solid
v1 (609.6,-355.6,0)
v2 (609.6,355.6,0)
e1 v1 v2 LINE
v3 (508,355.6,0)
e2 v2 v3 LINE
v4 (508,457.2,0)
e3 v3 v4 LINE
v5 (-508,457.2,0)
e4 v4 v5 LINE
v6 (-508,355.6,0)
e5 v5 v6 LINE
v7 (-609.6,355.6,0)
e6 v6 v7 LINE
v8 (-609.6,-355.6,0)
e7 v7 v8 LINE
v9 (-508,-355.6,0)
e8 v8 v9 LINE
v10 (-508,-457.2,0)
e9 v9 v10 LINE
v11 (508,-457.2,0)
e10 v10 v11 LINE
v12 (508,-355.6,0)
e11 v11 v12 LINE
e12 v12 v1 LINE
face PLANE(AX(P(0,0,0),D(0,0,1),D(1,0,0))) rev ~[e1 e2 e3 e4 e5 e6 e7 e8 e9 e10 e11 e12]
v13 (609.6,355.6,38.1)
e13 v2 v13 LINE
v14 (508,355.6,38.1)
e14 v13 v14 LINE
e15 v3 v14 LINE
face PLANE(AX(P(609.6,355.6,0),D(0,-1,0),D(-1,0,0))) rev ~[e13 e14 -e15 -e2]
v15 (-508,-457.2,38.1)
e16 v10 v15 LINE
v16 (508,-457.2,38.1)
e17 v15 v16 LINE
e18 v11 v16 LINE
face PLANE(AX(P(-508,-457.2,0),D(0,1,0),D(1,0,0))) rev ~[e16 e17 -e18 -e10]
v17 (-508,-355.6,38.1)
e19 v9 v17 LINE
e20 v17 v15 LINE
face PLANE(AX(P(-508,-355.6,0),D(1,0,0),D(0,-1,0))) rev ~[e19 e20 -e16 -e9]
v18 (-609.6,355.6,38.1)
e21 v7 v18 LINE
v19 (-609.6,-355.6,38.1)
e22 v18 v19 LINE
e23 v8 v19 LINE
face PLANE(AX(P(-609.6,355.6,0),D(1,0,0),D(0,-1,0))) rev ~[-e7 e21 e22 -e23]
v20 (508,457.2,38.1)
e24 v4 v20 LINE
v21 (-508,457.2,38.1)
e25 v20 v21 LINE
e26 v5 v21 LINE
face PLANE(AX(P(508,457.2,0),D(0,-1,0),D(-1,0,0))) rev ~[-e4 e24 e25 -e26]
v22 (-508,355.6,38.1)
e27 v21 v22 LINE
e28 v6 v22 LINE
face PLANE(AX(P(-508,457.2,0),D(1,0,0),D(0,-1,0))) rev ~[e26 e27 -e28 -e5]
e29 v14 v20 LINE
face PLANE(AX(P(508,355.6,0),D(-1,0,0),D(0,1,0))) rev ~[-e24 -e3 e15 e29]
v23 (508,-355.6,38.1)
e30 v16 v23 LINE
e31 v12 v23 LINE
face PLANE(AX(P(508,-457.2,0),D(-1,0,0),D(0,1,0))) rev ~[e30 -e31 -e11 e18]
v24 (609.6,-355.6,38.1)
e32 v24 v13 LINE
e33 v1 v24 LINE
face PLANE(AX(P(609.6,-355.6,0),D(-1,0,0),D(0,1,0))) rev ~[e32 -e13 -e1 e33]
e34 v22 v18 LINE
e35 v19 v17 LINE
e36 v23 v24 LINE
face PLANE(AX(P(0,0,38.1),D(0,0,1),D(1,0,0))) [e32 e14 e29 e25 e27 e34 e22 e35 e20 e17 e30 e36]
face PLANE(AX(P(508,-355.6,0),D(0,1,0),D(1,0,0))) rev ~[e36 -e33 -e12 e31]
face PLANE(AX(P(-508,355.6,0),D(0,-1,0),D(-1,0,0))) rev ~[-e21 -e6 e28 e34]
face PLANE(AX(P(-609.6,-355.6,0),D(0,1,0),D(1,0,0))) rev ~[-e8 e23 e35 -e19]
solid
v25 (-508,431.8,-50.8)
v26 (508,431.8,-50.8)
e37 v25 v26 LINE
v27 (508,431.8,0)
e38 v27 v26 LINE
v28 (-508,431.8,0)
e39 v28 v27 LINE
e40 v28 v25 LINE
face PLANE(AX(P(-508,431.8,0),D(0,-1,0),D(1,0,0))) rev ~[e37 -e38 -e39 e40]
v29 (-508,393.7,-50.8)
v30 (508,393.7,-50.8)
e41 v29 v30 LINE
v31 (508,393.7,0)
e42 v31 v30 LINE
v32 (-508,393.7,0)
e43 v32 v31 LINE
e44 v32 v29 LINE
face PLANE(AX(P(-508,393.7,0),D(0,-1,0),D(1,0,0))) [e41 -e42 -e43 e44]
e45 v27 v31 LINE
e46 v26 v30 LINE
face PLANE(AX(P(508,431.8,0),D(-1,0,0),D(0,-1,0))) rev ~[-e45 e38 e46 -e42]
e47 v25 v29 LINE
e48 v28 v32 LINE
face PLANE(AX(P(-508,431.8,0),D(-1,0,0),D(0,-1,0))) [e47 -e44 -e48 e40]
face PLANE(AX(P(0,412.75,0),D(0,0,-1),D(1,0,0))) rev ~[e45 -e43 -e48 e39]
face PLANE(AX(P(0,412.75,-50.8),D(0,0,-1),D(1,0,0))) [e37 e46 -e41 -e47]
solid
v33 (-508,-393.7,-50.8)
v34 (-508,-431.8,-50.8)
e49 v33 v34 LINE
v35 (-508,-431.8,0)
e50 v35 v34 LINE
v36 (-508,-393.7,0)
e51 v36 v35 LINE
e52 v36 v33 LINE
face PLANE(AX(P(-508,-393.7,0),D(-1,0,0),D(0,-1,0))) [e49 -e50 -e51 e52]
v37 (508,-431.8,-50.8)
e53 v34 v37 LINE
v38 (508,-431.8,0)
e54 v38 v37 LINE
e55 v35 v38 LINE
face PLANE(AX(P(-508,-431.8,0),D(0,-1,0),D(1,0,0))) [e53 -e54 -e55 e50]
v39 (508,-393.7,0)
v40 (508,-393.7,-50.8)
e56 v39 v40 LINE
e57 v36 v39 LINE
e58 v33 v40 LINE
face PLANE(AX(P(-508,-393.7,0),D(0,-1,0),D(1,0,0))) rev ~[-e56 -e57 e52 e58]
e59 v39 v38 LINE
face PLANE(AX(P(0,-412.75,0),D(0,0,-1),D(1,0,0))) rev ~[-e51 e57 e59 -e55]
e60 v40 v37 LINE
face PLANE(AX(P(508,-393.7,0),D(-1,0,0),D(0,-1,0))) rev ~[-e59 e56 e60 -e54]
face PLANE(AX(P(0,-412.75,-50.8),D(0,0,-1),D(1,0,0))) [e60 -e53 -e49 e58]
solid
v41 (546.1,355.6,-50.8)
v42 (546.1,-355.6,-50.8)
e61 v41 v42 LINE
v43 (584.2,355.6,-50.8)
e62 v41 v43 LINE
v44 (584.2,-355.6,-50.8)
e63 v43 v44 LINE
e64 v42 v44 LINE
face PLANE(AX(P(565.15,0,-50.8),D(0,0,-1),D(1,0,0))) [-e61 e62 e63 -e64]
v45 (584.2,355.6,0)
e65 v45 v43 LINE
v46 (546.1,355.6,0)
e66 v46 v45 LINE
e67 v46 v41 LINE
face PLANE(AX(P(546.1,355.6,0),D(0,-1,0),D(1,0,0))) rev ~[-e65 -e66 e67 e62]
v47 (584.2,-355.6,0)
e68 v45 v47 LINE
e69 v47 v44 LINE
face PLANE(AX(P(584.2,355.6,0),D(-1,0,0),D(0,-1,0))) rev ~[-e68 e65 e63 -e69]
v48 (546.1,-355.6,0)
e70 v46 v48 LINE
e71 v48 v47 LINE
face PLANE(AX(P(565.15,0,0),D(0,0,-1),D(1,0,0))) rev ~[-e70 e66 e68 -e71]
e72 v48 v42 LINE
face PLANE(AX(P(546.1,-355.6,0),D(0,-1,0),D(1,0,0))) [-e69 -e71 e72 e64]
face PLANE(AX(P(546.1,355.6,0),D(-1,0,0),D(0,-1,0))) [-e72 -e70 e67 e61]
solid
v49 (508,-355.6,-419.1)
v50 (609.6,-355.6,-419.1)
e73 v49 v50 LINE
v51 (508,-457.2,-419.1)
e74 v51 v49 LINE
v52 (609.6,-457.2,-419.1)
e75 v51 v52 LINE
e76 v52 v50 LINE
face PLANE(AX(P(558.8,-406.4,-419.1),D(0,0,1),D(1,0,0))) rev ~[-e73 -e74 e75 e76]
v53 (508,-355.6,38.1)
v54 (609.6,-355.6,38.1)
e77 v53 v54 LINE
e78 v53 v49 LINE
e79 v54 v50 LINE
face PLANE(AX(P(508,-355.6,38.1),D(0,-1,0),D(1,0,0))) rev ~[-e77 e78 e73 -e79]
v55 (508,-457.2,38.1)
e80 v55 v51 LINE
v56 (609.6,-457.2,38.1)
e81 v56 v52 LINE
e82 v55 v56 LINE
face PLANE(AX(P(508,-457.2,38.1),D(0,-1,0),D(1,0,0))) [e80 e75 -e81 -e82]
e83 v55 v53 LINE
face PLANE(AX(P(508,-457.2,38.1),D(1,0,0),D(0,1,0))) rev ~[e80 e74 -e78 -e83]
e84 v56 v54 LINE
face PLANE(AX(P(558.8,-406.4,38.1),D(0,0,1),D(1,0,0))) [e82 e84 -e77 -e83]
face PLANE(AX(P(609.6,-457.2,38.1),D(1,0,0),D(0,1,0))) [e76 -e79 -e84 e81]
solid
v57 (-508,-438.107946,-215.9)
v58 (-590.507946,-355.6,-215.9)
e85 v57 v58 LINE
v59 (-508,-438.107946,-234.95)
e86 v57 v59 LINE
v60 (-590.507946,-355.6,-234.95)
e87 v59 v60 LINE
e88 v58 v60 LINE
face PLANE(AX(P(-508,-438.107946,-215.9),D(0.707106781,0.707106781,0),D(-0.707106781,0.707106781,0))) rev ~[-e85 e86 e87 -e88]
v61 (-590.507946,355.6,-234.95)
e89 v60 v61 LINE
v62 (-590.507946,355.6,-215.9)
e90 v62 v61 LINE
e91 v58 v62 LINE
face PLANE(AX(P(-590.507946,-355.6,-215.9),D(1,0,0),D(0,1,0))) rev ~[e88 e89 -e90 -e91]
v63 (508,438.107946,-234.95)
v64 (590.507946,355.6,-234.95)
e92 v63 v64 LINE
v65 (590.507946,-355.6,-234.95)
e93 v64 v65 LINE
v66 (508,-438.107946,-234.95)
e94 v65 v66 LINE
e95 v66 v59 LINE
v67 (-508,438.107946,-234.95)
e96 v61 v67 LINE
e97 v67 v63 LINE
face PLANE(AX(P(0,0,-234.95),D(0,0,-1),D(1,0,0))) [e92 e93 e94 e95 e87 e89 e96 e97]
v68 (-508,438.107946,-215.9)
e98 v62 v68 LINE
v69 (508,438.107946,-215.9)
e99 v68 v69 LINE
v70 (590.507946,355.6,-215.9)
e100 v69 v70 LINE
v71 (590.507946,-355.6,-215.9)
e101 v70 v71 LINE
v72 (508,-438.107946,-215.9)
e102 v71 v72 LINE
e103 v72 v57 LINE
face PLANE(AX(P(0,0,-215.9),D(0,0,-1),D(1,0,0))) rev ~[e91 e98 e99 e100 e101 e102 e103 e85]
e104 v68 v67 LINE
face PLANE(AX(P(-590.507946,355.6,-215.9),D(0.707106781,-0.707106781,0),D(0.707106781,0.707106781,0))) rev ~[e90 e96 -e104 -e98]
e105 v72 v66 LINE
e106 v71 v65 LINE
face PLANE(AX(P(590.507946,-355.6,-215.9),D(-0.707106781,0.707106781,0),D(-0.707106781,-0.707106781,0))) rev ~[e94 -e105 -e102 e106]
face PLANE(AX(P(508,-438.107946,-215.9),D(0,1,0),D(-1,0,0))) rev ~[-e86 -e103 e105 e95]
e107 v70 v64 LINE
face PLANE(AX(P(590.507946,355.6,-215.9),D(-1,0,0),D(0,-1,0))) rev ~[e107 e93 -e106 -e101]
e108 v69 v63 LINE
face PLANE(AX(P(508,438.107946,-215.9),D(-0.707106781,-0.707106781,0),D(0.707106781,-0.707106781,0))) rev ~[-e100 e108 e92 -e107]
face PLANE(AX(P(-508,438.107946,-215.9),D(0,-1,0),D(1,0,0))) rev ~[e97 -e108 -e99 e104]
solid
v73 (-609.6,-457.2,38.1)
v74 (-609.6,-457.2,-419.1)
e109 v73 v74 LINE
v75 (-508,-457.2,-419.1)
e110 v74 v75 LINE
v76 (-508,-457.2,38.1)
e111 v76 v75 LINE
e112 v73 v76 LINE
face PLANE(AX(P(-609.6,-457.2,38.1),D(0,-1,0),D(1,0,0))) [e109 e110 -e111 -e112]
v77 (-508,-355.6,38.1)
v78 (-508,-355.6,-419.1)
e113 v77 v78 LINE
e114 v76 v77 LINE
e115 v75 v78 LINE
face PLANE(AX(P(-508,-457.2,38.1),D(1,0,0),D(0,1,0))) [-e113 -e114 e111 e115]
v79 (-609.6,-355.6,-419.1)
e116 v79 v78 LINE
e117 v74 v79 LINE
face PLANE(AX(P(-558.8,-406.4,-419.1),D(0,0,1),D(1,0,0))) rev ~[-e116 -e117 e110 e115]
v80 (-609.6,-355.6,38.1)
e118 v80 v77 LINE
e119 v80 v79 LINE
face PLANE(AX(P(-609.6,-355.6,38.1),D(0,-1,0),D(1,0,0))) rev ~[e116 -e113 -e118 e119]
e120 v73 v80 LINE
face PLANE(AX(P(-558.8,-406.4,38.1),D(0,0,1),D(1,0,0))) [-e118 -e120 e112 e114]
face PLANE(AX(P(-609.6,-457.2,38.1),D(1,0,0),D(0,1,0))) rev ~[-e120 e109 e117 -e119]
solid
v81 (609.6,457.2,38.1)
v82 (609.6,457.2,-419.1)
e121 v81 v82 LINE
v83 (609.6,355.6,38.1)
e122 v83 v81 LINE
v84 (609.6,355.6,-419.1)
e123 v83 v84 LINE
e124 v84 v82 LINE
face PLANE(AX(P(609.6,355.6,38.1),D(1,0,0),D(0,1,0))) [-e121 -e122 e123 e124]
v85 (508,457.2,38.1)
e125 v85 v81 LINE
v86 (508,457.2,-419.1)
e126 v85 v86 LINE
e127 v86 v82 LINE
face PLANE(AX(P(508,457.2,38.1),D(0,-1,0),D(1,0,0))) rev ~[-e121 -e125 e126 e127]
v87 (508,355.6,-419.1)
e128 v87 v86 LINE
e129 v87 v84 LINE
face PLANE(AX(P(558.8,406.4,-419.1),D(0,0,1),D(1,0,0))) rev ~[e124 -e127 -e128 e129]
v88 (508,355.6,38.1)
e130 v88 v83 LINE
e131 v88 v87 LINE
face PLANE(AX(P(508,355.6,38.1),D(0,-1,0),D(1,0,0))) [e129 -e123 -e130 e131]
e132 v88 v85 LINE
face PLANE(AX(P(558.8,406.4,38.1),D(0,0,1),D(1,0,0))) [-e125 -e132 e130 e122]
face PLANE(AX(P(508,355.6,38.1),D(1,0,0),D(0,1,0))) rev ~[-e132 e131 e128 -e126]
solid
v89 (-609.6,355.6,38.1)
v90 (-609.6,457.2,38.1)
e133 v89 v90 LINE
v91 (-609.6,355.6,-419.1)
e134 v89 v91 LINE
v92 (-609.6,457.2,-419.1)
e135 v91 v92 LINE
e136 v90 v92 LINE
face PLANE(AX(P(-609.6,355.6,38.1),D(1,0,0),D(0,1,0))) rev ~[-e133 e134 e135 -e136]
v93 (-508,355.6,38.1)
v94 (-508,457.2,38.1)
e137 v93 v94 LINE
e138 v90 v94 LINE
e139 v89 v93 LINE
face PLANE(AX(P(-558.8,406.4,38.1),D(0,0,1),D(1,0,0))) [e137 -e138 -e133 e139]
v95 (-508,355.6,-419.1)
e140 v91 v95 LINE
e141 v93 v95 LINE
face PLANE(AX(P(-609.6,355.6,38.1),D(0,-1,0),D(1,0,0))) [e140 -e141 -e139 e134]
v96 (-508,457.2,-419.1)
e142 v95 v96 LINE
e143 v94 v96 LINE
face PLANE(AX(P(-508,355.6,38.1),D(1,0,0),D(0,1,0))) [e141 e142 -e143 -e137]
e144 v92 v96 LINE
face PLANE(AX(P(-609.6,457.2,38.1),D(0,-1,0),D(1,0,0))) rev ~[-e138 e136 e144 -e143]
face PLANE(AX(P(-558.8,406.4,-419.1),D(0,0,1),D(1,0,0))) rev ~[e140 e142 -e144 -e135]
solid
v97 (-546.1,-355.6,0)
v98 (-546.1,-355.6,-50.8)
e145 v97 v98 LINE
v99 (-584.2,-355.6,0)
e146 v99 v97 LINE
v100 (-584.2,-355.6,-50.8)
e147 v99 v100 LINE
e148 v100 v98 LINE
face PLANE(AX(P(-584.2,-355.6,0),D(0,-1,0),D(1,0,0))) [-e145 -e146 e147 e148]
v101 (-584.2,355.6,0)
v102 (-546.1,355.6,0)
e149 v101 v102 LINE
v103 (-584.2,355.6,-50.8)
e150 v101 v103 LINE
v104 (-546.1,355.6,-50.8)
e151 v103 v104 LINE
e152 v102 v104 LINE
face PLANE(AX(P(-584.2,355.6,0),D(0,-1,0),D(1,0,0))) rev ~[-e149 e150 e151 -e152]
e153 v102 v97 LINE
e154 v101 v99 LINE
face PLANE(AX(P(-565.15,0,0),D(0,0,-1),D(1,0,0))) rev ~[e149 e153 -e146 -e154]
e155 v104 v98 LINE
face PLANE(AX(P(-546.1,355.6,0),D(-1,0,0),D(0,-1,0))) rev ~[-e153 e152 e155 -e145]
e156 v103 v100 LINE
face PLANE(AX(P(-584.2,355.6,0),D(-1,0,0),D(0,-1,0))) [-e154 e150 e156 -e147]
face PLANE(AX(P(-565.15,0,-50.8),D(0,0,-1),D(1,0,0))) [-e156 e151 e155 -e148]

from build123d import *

# Parameters (mm, degrees)
F3_DEPTH  = 38.1
F4_W      = 101.6
F4_H      = 101.6
F5_DEPTH  = 457.2
F8_DEPTH  = 19.05
F9_W      = 1016
F9_H      = 38.1
F10_DEPTH = 50.8
F9_W_2    = 38.1
F9_H_2    = 711.2


with BuildPart() as f3:
    # F2 (on Top) → F3 (new body)
    with BuildSketch(Plane.XY):
        Polygon((-508, 355.6), (-609.6, 355.6), (-609.6, -355.6), (-508, -355.6), (-508, -457.2), (508, -457.2), (508, -355.6), (609.6, -355.6), (609.6, 355.6), (508, 355.6), (508, 457.2), (-508, 457.2), align=None)
    extrude(amount=F3_DEPTH)


with BuildPart() as f5:
    # F4 (on face) → F5 (new body)
    with BuildSketch(Plane.XY.offset(38.1)):
        with Locations((-558.8, -406.4)):
            Rectangle(F4_W, F4_H)
    extrude(amount=-F5_DEPTH)


with BuildPart() as f5b:
    # F4 (on face) → F5, piece 2 (new body)
    with BuildSketch(Plane.XY.offset(38.1)):
        with Locations((558.8, -406.4)):
            Rectangle(F4_W, F4_H)
    extrude(amount=-F5_DEPTH)


with BuildPart() as f5c:
    # F4 (on face) → F5, piece 3 (new body)
    with BuildSketch(Plane.XY.offset(38.1)):
        with Locations((558.8, 406.4)):
            Rectangle(F4_W, F4_H)
    extrude(amount=-F5_DEPTH)


with BuildPart() as f5d:
    # F4 (on face) → F5, piece 4 (new body)
    with BuildSketch(Plane.XY.offset(38.1)):
        with Locations((-558.8, 406.4)):
            Rectangle(F4_W, F4_H)
    extrude(amount=-F5_DEPTH)


with BuildPart() as f8:
    # F7 (on offset) → F8 (new body)
    with BuildSketch(Plane(origin=(0, 0, -215.9), x_dir=(1, 0, 0), z_dir=(0, 0, -1))):
        Polygon((508, 438.1079459667), (-508, 438.1079459667), (-590.5079459667, 355.6), (-590.5079459667, -355.6), (-508, -438.1079459667), (508, -438.1079459667), (590.5079459667, -355.6), (590.5079459667, 355.6), align=None)
    extrude(amount=F8_DEPTH)


with BuildPart() as f10:
    # F9 (on face) → F10 (new body)
    with BuildSketch(Plane(origin=(0, 0, 0), x_dir=(1, 0, 0), z_dir=(0, 0, -1))):
        with Locations((0, 412.75)):
            Rectangle(F9_W, F9_H)
    extrude(amount=F10_DEPTH)


with BuildPart() as f10b:
    # F9 (on face) → F10, piece 2 (new body)
    with BuildSketch(Plane(origin=(0, 0, 0), x_dir=(1, 0, 0), z_dir=(0, 0, -1))):
        with Locations((565.15, 0)):
            Rectangle(F9_W_2, F9_H_2)
    extrude(amount=F10_DEPTH)


with BuildPart() as f10c:
    # F9 (on face) → F10, piece 3 (new body)
    with BuildSketch(Plane(origin=(0, 0, 0), x_dir=(1, 0, 0), z_dir=(0, 0, -1))):
        with Locations((0, -412.75)):
            Rectangle(F9_W, F9_H)
    extrude(amount=F10_DEPTH)


with BuildPart() as f10d:
    # F9 (on face) → F10, piece 4 (new body)
    with BuildSketch(Plane(origin=(0, 0, 0), x_dir=(1, 0, 0), z_dir=(0, 0, -1))):
        with Locations((-565.15, 0)):
            Rectangle(F9_W_2, F9_H_2)
    extrude(amount=F10_DEPTH)


solid = Compound([f3.part, f5.part, f5b.part, f5c.part, f5d.part, f8.part, f10.part, f10b.part, f10c.part, f10d.part])
